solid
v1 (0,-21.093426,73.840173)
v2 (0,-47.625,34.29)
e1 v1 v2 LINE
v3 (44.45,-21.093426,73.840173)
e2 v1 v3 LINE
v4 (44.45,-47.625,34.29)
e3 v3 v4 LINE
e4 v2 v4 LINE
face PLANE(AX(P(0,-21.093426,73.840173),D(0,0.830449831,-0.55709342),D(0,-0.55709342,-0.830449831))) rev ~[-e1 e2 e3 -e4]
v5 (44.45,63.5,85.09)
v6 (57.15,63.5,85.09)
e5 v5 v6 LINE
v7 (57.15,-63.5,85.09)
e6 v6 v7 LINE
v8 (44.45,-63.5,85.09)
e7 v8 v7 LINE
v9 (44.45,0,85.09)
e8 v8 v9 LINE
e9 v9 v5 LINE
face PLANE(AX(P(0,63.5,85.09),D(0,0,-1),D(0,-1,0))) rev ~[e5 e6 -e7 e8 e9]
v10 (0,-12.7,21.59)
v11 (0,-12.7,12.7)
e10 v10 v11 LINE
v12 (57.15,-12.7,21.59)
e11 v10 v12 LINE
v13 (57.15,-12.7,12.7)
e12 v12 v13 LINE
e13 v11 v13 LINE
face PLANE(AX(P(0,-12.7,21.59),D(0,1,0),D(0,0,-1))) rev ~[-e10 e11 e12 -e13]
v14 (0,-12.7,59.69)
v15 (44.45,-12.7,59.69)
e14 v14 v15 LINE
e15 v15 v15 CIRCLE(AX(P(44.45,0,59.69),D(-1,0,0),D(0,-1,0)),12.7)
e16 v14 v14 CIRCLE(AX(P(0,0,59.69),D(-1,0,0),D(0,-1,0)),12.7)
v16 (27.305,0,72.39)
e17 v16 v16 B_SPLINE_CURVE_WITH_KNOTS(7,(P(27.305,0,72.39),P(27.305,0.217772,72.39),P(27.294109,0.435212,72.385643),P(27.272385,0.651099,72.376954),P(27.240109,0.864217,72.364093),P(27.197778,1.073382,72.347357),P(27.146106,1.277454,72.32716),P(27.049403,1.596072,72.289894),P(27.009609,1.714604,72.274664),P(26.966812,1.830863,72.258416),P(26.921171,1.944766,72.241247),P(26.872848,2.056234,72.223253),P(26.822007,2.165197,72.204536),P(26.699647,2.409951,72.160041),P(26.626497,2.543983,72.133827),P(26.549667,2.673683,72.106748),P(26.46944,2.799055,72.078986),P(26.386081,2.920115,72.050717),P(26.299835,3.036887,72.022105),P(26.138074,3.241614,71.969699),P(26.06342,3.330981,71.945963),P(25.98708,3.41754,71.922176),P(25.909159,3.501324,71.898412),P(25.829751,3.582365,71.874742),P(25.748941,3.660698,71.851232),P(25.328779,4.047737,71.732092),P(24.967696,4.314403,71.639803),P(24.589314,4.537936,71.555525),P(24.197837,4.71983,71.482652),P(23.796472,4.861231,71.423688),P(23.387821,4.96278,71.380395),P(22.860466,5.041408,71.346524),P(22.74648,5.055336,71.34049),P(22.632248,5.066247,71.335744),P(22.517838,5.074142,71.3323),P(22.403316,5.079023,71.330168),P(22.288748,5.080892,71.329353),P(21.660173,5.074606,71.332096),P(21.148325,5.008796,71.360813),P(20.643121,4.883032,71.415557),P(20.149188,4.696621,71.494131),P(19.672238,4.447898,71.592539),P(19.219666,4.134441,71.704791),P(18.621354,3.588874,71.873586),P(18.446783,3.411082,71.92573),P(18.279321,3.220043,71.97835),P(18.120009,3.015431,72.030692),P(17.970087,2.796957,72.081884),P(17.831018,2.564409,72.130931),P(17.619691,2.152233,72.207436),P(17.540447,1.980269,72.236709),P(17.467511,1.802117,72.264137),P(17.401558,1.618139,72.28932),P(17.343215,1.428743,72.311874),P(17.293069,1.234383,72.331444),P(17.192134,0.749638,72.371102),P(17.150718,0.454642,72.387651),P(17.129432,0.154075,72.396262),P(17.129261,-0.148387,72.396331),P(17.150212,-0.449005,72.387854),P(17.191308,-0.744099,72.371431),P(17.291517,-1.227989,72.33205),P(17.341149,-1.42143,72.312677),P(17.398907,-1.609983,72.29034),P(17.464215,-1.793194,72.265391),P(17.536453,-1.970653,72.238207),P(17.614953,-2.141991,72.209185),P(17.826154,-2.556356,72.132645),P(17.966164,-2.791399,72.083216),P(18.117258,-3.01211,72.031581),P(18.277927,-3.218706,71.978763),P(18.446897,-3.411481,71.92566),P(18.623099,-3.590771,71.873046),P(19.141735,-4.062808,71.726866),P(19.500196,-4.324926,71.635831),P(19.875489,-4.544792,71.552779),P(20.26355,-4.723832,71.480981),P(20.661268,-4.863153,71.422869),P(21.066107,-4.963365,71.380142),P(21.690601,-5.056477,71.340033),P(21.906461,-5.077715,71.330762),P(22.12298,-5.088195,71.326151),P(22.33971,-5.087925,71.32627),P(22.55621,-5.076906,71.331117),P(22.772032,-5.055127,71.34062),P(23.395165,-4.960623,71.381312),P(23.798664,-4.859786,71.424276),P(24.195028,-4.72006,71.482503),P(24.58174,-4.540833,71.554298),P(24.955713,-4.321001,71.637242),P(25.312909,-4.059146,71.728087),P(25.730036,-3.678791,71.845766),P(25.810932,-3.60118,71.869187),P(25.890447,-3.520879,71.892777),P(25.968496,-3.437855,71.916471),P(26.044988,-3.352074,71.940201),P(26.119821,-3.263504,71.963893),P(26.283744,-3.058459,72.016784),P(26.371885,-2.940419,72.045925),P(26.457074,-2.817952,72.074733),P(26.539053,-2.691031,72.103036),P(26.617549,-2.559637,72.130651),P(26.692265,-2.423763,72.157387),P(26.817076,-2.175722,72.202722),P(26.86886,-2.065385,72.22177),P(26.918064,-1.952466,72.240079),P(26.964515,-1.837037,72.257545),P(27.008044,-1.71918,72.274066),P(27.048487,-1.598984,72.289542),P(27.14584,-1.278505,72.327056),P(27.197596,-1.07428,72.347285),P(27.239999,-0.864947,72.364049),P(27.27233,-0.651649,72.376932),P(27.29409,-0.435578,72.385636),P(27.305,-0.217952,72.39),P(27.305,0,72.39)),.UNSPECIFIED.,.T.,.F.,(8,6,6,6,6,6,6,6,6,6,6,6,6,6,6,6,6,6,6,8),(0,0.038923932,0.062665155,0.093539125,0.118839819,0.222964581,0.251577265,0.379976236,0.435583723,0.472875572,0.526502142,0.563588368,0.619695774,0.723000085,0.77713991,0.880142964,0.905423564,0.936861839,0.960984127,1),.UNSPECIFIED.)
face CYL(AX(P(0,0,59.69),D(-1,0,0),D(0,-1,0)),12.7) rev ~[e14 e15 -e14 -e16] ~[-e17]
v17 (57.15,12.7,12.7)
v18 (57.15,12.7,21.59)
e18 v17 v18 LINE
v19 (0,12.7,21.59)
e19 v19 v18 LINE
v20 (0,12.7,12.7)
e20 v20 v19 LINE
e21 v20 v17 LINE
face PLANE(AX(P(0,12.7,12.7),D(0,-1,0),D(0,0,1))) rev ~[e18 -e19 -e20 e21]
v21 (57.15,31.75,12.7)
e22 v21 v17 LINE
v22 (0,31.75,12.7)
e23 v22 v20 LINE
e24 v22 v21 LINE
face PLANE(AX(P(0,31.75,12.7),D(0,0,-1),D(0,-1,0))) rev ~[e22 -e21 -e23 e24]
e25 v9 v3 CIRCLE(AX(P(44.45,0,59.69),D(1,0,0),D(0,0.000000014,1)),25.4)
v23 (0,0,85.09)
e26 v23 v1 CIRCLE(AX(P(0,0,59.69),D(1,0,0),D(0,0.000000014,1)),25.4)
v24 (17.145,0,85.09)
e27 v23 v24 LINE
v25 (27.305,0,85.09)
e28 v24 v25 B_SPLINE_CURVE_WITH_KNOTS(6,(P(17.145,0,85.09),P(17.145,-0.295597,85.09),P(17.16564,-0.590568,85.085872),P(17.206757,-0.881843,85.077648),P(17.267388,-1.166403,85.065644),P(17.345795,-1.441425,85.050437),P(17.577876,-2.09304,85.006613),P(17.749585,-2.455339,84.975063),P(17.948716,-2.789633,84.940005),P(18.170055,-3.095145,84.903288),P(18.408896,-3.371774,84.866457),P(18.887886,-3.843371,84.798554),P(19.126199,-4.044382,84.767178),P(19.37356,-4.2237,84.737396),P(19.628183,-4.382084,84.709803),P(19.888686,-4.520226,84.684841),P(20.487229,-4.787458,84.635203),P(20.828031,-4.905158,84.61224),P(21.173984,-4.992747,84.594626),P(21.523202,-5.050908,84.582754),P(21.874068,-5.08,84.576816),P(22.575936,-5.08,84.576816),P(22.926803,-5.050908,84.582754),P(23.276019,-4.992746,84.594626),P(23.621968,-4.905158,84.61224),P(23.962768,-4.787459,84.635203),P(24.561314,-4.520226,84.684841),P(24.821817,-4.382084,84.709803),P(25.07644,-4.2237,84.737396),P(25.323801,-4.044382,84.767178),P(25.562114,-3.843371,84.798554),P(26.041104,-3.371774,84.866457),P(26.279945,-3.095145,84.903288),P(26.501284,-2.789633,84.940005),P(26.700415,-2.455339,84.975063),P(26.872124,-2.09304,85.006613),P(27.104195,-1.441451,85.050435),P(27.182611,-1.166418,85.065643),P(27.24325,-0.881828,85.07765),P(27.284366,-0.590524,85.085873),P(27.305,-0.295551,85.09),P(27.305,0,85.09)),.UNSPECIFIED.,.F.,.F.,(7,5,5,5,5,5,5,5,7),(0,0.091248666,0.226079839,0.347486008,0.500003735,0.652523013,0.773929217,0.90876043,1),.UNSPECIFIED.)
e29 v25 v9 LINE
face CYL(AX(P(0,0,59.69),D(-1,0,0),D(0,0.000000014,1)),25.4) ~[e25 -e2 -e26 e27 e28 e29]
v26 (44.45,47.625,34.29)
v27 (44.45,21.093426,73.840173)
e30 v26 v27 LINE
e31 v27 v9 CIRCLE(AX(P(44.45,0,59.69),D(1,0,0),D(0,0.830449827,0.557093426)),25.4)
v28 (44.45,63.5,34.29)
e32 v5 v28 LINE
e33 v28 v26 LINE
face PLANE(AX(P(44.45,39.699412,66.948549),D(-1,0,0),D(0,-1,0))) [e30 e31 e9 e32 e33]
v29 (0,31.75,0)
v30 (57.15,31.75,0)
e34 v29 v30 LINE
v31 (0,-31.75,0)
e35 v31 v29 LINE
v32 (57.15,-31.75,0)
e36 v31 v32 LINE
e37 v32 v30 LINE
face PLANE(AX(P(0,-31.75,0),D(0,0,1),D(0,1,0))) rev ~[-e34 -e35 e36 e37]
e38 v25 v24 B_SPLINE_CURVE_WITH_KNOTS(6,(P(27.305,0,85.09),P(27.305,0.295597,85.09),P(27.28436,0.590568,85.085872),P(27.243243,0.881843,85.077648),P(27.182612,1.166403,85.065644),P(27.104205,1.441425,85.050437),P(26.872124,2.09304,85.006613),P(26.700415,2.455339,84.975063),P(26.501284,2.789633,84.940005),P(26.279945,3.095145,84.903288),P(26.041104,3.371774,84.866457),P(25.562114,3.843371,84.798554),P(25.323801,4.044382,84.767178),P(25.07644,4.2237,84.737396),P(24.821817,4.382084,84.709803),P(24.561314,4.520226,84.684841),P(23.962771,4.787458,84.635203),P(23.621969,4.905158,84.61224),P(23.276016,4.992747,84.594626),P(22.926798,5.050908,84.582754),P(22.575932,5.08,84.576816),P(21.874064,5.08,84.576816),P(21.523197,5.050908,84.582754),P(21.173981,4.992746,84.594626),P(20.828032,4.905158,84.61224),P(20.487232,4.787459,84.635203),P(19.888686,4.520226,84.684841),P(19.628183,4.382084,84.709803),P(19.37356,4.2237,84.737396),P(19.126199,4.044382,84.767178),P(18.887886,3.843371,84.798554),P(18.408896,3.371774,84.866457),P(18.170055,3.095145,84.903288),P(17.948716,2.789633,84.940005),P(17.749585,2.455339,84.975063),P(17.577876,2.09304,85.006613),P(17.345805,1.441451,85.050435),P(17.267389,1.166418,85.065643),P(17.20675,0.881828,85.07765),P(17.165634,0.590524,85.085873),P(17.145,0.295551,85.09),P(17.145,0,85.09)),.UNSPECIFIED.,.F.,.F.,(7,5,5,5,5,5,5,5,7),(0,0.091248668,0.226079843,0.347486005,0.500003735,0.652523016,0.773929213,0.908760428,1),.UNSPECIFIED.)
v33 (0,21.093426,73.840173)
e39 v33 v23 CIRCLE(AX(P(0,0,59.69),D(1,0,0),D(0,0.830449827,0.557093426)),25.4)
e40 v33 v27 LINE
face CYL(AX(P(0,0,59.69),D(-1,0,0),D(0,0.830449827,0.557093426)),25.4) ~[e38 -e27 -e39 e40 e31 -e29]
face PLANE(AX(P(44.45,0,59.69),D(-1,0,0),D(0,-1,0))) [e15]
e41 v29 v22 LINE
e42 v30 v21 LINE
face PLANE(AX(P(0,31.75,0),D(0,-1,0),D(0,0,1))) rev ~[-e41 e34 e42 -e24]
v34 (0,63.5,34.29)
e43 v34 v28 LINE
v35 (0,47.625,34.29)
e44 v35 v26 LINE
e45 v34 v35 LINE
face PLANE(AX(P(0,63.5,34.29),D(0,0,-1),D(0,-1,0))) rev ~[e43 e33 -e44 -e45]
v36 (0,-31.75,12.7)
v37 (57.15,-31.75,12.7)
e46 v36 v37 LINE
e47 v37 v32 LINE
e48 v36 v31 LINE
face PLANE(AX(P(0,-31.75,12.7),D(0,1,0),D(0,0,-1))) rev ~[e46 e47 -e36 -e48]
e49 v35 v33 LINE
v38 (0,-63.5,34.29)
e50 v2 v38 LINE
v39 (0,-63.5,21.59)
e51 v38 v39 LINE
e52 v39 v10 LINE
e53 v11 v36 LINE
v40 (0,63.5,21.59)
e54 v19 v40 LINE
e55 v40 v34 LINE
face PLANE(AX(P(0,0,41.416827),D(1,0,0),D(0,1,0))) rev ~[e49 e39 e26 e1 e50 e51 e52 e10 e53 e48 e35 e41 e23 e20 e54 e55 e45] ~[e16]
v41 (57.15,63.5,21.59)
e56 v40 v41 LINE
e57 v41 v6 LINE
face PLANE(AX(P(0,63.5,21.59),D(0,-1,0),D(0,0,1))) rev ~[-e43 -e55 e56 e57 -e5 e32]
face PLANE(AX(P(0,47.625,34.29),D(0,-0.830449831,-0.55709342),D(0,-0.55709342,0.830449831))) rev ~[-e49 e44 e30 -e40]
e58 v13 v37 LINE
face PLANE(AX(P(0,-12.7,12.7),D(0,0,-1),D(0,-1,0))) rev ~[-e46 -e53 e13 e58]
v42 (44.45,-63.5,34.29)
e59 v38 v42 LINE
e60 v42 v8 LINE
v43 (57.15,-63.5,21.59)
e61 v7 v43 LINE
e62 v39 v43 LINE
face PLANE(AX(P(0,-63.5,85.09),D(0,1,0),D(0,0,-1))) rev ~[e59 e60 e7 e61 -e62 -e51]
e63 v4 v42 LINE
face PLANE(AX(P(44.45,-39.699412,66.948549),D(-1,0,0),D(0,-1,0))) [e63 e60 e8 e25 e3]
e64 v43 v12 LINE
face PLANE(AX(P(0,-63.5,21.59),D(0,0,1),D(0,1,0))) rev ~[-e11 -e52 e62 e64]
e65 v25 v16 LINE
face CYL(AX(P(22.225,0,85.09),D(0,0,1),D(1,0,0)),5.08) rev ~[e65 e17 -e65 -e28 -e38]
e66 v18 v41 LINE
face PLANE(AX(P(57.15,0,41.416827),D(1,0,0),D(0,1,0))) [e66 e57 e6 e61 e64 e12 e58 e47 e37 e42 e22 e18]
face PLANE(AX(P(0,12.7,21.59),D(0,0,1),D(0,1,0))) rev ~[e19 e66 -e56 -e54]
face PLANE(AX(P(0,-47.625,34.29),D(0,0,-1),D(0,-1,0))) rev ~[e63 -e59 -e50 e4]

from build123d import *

# Parameters (mm, degrees)
F1_DEPTH = 57.15
F2_R     = 12.7
F3_DEPTH = 44.45
F4_R     = 5.08
F5_DEPTH = 15.24


with BuildPart() as f1:
    # F0 (on Right) → F1 (new body)
    with BuildSketch(Plane.YZ):
        Polygon((-31.75, 12.7), (-31.75, 0), (31.75, 0), (31.75, 12.7), (12.7, 12.7), (12.7, 21.59), (63.5, 21.59), (63.5, 85.09), (-63.5, 85.09), (-63.5, 21.59), (-12.7, 21.59), (-12.7, 12.7), align=None)
    extrude(amount=F1_DEPTH)

    # F2 (on face) → F3 (cut)
    with BuildSketch(Plane(origin=(0, 0, 0), x_dir=(0, -1, 0), z_dir=(-1, 0, 0))):
        with BuildLine():
            Line((-63.5, 85.09), (-63.5, 34.29))
            Line((-63.5, 34.29), (-47.625, 34.29))
            Line((-47.625, 34.29), (-21.093426, 73.840173))
            ThreePointArc((-21.093426, 73.840173), (-11.952941, 82.101765), (0, 85.09))
            Line((0, 85.09), (-63.5, 85.09))
        make_face()
        with BuildLine():
            Line((63.5, 85.09), (0, 85.09))
            ThreePointArc((0, 85.09), (11.952941, 82.101765), (21.093426, 73.840173))
            Line((21.093426, 73.840173), (47.625, 34.29))
            Line((47.625, 34.29), (63.5, 34.29))
            Line((63.5, 34.29), (63.5, 85.09))
        make_face()
        with Locations((0, 59.69)):
            Circle(F2_R)
    extrude(amount=-F3_DEPTH, mode=Mode.SUBTRACT)

    # F4 (on face) → F5 (cut)
    with BuildSketch(Plane.XY.offset(85.09)):
        with Locations((22.225, 0)):
            Circle(F4_R)
    extrude(amount=-F5_DEPTH, mode=Mode.SUBTRACT)


solid = f1.part
